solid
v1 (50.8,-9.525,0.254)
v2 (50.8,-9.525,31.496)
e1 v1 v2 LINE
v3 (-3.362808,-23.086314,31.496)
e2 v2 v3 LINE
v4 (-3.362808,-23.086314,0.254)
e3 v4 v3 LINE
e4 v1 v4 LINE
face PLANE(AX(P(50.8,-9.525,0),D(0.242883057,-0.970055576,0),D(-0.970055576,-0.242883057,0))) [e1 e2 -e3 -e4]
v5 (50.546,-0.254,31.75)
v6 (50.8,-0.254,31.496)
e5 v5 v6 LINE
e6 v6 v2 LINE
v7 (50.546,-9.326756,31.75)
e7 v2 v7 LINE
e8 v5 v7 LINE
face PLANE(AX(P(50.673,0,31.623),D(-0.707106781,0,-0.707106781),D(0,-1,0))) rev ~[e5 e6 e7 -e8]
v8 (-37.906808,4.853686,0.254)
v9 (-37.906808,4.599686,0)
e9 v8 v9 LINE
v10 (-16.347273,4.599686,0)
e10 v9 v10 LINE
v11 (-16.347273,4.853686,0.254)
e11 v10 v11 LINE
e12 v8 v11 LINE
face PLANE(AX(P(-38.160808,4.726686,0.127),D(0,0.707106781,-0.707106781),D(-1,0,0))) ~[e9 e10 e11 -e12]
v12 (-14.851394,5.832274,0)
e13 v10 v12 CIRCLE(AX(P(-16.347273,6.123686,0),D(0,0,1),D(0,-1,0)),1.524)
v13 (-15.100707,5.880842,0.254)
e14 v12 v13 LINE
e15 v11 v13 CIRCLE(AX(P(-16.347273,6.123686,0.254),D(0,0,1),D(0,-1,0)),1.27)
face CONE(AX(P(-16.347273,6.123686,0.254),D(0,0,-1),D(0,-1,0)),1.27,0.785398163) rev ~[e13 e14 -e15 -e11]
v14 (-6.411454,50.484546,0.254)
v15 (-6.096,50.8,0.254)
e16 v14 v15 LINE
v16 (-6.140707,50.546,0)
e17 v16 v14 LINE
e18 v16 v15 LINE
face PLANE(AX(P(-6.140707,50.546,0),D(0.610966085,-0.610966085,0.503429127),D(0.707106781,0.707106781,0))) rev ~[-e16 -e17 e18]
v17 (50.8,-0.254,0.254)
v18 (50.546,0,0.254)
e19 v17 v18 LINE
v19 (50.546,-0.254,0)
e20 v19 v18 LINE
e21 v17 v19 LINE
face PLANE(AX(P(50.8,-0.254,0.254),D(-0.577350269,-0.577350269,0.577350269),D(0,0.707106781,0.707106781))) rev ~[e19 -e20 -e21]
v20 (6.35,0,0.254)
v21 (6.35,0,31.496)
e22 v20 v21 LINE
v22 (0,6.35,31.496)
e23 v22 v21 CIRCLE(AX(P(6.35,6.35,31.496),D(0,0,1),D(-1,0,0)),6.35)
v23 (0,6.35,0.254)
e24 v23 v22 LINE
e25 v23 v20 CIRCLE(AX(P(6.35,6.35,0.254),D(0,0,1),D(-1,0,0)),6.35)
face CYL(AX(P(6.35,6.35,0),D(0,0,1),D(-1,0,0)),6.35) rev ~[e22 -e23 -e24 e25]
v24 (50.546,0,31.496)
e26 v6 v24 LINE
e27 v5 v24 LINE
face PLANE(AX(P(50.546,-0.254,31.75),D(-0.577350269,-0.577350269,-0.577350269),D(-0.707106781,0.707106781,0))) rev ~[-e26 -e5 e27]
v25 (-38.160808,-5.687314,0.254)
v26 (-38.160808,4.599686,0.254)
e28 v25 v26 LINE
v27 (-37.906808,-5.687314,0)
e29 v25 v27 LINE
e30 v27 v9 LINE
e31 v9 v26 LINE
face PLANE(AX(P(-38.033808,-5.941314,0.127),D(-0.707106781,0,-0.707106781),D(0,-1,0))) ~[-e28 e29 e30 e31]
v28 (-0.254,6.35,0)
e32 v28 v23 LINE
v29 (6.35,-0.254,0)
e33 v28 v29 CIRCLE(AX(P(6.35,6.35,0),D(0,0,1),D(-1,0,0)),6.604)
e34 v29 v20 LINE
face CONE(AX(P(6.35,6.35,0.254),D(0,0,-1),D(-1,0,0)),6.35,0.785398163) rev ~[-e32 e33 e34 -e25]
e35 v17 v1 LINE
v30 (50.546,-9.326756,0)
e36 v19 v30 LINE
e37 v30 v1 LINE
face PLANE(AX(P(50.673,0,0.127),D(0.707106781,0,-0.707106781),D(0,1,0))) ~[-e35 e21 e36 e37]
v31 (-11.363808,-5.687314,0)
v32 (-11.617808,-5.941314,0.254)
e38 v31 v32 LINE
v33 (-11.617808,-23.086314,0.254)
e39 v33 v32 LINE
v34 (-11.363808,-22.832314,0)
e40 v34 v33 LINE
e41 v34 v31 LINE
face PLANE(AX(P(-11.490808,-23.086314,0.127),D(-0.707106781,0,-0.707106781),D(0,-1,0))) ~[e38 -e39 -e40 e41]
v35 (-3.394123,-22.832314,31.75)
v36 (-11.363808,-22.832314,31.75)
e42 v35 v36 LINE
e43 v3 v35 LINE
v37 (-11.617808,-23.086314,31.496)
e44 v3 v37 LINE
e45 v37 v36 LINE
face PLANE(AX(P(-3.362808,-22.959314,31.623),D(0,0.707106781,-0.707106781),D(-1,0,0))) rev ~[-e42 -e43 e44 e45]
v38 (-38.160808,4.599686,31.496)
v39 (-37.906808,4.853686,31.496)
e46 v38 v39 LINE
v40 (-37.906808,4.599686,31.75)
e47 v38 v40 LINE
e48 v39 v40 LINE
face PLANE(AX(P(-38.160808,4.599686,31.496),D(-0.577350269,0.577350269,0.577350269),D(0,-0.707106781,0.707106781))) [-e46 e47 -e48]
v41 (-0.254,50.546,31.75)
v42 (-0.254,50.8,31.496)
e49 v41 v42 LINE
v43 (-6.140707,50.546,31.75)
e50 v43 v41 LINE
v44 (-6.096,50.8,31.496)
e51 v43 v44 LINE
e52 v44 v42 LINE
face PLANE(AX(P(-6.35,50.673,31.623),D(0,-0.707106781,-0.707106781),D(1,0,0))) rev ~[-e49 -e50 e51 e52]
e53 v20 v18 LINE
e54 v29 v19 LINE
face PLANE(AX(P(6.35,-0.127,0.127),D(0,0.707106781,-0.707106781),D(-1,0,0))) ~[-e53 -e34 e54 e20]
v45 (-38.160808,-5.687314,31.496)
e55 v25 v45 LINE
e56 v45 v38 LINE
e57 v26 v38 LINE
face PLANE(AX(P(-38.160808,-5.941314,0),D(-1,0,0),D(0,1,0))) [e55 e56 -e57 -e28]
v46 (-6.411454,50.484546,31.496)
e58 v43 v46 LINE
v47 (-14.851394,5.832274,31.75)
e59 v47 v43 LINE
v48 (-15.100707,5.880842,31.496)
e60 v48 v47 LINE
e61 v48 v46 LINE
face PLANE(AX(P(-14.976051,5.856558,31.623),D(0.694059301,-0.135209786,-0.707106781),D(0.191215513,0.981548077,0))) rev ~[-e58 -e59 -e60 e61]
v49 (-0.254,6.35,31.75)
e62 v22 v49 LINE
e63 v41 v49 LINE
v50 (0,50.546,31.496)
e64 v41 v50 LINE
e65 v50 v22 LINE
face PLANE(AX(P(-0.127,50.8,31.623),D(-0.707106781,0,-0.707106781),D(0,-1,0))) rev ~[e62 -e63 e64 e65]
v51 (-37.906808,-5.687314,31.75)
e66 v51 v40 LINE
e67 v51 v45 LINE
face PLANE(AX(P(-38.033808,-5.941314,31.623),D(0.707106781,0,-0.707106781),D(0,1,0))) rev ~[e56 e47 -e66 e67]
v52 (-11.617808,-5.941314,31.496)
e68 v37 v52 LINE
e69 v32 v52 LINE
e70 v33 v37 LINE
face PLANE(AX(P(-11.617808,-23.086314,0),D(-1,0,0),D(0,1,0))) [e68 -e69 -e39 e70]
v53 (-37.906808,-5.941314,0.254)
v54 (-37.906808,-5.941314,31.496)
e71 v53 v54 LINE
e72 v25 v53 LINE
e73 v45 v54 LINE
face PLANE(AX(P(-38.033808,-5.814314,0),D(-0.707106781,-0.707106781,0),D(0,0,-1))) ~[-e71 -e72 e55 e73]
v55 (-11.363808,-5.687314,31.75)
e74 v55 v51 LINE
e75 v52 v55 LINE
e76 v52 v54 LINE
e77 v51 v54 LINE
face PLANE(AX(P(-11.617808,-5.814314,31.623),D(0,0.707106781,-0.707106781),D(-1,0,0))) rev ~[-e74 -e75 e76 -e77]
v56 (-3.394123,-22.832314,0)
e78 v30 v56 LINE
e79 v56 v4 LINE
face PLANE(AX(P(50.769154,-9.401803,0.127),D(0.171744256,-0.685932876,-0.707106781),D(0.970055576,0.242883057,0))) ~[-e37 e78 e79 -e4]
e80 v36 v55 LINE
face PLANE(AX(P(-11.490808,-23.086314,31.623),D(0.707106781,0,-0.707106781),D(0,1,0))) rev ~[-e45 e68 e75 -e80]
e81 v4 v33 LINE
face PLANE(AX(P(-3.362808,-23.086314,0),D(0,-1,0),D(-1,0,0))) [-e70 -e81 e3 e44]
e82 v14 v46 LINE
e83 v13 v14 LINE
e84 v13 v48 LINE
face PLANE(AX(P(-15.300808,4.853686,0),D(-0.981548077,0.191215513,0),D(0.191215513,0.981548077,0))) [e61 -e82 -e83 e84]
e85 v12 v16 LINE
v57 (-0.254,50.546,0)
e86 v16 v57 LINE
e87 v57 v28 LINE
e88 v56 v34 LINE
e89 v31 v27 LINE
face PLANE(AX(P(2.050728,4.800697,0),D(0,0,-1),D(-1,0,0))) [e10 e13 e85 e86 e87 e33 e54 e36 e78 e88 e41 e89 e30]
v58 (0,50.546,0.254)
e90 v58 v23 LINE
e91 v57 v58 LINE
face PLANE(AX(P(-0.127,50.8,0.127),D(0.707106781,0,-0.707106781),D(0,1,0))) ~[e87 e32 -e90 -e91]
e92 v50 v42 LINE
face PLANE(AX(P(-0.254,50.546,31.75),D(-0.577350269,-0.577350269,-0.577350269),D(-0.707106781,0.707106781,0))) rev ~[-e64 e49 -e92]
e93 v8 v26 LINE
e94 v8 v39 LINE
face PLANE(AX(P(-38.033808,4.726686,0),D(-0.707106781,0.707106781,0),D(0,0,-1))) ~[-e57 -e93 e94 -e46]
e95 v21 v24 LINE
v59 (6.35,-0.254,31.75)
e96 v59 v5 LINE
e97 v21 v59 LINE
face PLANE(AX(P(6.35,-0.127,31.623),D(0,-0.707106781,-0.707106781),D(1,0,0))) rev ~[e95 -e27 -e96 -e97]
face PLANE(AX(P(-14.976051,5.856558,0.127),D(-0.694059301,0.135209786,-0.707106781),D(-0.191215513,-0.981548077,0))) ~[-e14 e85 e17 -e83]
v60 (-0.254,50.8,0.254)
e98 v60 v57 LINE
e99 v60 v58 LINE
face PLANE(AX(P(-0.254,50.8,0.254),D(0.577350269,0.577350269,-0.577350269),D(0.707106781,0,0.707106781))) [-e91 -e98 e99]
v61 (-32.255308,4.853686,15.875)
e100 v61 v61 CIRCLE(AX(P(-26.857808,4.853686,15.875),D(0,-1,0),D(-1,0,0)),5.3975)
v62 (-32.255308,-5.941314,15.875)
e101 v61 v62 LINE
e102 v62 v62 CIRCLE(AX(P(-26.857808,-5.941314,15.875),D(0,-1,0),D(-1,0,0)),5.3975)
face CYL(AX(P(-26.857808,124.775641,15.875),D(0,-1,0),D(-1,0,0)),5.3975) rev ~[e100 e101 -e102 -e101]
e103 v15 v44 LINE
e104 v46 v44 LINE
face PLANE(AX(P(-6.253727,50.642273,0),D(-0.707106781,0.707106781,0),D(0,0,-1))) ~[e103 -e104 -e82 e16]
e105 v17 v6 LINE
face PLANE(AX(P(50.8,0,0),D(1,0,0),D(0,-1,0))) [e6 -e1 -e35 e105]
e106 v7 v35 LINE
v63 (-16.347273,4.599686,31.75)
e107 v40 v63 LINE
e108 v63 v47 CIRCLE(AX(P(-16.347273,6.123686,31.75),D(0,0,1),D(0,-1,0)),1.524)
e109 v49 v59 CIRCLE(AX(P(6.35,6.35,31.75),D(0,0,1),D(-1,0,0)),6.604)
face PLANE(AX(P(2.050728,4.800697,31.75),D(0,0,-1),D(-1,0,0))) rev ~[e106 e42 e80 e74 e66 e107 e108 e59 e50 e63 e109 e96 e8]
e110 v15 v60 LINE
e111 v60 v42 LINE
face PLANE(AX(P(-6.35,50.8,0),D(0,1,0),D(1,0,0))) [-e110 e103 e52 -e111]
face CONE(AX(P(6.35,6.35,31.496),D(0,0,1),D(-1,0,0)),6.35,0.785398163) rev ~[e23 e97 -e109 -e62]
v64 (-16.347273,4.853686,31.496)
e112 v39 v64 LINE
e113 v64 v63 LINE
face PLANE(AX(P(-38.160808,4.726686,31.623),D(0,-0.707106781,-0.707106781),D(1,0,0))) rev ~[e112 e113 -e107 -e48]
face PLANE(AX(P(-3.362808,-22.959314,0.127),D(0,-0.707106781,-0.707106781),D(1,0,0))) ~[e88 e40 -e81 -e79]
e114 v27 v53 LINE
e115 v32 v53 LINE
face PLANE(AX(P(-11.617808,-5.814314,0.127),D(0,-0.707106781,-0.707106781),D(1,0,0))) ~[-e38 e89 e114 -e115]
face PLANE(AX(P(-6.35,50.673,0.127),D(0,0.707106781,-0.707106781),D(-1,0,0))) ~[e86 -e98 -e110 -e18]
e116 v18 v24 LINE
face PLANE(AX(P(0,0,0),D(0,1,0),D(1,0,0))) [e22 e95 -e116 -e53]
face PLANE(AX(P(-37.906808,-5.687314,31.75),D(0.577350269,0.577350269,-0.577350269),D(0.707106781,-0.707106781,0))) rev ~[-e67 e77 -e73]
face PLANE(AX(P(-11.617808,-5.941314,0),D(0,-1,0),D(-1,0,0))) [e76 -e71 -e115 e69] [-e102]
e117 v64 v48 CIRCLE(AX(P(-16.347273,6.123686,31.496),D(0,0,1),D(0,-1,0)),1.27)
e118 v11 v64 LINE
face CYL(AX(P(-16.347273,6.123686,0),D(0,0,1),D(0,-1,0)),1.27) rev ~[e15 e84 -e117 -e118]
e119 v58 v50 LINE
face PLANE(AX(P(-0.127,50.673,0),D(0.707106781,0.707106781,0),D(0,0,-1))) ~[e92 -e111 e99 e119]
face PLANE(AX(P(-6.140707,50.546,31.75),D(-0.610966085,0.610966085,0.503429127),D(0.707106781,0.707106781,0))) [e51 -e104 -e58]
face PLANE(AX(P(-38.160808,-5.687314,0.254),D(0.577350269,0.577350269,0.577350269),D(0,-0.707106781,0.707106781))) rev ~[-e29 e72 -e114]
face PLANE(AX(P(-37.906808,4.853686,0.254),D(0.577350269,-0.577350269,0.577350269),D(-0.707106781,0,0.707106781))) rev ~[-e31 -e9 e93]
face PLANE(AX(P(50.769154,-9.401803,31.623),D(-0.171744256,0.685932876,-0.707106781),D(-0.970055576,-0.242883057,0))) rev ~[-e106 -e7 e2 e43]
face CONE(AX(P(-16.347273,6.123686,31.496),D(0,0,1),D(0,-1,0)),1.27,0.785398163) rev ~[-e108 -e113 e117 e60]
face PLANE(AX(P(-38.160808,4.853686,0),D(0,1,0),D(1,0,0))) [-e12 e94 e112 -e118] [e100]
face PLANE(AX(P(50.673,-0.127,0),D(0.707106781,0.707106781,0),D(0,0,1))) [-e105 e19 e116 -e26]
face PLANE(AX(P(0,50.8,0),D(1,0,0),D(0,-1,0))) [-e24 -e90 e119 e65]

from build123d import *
from OCP.BRepFilletAPI import BRepFilletAPI_MakeChamfer

# Parameters (mm, degrees)
BOSS_EXTRUDE1_DEPTH          = 31.75
F_3_8_0_375_DIAMETER_HOLE1_D = 10.795
FILLET1_R                    = 1.27
FILLET2_R                    = 6.35
CHAMFER1_SIZE                = 0.254
CHAMFER1_SIZE2               = 0.321383695


with BuildPart() as part:
    # Sketch1 → Boss-Extrude1 (new body)
    with BuildSketch(Plane.XY):
        Polygon((0, 0), (50.8, 0), (50.8, -9.525), (-3.3628076, -23.086314), (-11.6178076, -23.086314), (-11.6178076, -5.941314), (-38.1608076, -5.941314), (-38.1608076, 4.853686), (-15.3008076, 4.853686), (-6.35, 50.8), (0, 50.8), align=None)
    extrude(amount=BOSS_EXTRUDE1_DEPTH)

    # 3/8 (0.375) Diameter Hole1 (through all)
    with Locations(Plane(origin=(0, 4.853686, 0), x_dir=(1, 0, 0), z_dir=(0, 1, 0))):
        with Locations((-26.8578076, -15.875)):
            Hole(F_3_8_0_375_DIAMETER_HOLE1_D / 2)

    # Fillet1
    fillet1_edges = [part.edges().sort_by_distance(p)[0] for p in [
        (-15.3008076, 4.853686, 15.875),
    ]]
    fillet(fillet1_edges, radius=FILLET1_R)

    # Fillet2
    fillet2_edges = [part.edges().sort_by_distance(p)[0] for p in [
        (0, 0, 15.875),
    ]]
    fillet(fillet2_edges, radius=FILLET2_R)

    # Chamfer1: one chamfer whose edges measure the first distance from different faces: ONE call of the kernel's chamfer builder (chamfer() names one face for all edges)
    chamfer1_edges_1 = [part.edges().sort_by_distance(p)[0] for p in [
        (28.575, 0, 0),
        (50.8, -4.7625, 0),
        (23.7185962, -16.305657, 0),
        (-7.4903076, -23.086314, 0),
        (-11.6178076, -14.513814, 0),
        (-10.725353572, 28.340421149, 31.75),
        (-24.8893076, -5.941314, 0),
        (-38.1608076, -0.543814, 0),
        (-10.725353572, 28.340421149, 0),
        (-3.175, 50.8, 0),
        (50.8, 0, 15.875),
        (-38.1608076, -5.941314, 15.875),
        (-38.1608076, 4.853686, 15.875),
        (0, 50.8, 15.875),
        (-38.1608076, -0.543814, 31.75),
        (-24.8893076, -5.941314, 31.75),
        (-11.6178076, -14.513814, 31.75),
        (-7.4903076, -23.086314, 31.75),
        (23.7185962, -16.305657, 31.75),
        (-27.254040401, 4.853686, 0),
        (-27.254040401, 4.853686, 31.75),
        (50.8, -4.7625, 31.75),
        (-15.539656801, 5.143555524, 0),
        (-15.539656801, 5.143555524, 31.75),
        (28.575, 0, 31.75),
        (0, 28.575, 0),
        (0, 28.575, 31.75),
        (1.859871939, 1.859871939, 0),
        (1.859871939, 1.859871939, 31.75),
        (-3.175, 50.8, 31.75),
    ]]
    chamfer1_edges_2 = [part.edges().sort_by_distance(p)[0] for p in [
        (-6.35, 50.8, 15.875),
    ]]
    chamfer1_side_2 = [part.faces().sort_by_distance(p)[0] for p in [
        (-3.175, 50.8, 15.875),
    ]]
    chamfer1 = BRepFilletAPI_MakeChamfer(part.part.solid().wrapped)
    for e in chamfer1_edges_1:
        chamfer1.Add(CHAMFER1_SIZE, e.wrapped)
    for e in chamfer1_edges_2:
        chamfer1.Add(CHAMFER1_SIZE, CHAMFER1_SIZE2, e.wrapped, chamfer1_side_2[0].wrapped)  # the first distance lies on this face
    add(Compound.cast(chamfer1.Shape()), mode=Mode.REPLACE)


solid = part.part
